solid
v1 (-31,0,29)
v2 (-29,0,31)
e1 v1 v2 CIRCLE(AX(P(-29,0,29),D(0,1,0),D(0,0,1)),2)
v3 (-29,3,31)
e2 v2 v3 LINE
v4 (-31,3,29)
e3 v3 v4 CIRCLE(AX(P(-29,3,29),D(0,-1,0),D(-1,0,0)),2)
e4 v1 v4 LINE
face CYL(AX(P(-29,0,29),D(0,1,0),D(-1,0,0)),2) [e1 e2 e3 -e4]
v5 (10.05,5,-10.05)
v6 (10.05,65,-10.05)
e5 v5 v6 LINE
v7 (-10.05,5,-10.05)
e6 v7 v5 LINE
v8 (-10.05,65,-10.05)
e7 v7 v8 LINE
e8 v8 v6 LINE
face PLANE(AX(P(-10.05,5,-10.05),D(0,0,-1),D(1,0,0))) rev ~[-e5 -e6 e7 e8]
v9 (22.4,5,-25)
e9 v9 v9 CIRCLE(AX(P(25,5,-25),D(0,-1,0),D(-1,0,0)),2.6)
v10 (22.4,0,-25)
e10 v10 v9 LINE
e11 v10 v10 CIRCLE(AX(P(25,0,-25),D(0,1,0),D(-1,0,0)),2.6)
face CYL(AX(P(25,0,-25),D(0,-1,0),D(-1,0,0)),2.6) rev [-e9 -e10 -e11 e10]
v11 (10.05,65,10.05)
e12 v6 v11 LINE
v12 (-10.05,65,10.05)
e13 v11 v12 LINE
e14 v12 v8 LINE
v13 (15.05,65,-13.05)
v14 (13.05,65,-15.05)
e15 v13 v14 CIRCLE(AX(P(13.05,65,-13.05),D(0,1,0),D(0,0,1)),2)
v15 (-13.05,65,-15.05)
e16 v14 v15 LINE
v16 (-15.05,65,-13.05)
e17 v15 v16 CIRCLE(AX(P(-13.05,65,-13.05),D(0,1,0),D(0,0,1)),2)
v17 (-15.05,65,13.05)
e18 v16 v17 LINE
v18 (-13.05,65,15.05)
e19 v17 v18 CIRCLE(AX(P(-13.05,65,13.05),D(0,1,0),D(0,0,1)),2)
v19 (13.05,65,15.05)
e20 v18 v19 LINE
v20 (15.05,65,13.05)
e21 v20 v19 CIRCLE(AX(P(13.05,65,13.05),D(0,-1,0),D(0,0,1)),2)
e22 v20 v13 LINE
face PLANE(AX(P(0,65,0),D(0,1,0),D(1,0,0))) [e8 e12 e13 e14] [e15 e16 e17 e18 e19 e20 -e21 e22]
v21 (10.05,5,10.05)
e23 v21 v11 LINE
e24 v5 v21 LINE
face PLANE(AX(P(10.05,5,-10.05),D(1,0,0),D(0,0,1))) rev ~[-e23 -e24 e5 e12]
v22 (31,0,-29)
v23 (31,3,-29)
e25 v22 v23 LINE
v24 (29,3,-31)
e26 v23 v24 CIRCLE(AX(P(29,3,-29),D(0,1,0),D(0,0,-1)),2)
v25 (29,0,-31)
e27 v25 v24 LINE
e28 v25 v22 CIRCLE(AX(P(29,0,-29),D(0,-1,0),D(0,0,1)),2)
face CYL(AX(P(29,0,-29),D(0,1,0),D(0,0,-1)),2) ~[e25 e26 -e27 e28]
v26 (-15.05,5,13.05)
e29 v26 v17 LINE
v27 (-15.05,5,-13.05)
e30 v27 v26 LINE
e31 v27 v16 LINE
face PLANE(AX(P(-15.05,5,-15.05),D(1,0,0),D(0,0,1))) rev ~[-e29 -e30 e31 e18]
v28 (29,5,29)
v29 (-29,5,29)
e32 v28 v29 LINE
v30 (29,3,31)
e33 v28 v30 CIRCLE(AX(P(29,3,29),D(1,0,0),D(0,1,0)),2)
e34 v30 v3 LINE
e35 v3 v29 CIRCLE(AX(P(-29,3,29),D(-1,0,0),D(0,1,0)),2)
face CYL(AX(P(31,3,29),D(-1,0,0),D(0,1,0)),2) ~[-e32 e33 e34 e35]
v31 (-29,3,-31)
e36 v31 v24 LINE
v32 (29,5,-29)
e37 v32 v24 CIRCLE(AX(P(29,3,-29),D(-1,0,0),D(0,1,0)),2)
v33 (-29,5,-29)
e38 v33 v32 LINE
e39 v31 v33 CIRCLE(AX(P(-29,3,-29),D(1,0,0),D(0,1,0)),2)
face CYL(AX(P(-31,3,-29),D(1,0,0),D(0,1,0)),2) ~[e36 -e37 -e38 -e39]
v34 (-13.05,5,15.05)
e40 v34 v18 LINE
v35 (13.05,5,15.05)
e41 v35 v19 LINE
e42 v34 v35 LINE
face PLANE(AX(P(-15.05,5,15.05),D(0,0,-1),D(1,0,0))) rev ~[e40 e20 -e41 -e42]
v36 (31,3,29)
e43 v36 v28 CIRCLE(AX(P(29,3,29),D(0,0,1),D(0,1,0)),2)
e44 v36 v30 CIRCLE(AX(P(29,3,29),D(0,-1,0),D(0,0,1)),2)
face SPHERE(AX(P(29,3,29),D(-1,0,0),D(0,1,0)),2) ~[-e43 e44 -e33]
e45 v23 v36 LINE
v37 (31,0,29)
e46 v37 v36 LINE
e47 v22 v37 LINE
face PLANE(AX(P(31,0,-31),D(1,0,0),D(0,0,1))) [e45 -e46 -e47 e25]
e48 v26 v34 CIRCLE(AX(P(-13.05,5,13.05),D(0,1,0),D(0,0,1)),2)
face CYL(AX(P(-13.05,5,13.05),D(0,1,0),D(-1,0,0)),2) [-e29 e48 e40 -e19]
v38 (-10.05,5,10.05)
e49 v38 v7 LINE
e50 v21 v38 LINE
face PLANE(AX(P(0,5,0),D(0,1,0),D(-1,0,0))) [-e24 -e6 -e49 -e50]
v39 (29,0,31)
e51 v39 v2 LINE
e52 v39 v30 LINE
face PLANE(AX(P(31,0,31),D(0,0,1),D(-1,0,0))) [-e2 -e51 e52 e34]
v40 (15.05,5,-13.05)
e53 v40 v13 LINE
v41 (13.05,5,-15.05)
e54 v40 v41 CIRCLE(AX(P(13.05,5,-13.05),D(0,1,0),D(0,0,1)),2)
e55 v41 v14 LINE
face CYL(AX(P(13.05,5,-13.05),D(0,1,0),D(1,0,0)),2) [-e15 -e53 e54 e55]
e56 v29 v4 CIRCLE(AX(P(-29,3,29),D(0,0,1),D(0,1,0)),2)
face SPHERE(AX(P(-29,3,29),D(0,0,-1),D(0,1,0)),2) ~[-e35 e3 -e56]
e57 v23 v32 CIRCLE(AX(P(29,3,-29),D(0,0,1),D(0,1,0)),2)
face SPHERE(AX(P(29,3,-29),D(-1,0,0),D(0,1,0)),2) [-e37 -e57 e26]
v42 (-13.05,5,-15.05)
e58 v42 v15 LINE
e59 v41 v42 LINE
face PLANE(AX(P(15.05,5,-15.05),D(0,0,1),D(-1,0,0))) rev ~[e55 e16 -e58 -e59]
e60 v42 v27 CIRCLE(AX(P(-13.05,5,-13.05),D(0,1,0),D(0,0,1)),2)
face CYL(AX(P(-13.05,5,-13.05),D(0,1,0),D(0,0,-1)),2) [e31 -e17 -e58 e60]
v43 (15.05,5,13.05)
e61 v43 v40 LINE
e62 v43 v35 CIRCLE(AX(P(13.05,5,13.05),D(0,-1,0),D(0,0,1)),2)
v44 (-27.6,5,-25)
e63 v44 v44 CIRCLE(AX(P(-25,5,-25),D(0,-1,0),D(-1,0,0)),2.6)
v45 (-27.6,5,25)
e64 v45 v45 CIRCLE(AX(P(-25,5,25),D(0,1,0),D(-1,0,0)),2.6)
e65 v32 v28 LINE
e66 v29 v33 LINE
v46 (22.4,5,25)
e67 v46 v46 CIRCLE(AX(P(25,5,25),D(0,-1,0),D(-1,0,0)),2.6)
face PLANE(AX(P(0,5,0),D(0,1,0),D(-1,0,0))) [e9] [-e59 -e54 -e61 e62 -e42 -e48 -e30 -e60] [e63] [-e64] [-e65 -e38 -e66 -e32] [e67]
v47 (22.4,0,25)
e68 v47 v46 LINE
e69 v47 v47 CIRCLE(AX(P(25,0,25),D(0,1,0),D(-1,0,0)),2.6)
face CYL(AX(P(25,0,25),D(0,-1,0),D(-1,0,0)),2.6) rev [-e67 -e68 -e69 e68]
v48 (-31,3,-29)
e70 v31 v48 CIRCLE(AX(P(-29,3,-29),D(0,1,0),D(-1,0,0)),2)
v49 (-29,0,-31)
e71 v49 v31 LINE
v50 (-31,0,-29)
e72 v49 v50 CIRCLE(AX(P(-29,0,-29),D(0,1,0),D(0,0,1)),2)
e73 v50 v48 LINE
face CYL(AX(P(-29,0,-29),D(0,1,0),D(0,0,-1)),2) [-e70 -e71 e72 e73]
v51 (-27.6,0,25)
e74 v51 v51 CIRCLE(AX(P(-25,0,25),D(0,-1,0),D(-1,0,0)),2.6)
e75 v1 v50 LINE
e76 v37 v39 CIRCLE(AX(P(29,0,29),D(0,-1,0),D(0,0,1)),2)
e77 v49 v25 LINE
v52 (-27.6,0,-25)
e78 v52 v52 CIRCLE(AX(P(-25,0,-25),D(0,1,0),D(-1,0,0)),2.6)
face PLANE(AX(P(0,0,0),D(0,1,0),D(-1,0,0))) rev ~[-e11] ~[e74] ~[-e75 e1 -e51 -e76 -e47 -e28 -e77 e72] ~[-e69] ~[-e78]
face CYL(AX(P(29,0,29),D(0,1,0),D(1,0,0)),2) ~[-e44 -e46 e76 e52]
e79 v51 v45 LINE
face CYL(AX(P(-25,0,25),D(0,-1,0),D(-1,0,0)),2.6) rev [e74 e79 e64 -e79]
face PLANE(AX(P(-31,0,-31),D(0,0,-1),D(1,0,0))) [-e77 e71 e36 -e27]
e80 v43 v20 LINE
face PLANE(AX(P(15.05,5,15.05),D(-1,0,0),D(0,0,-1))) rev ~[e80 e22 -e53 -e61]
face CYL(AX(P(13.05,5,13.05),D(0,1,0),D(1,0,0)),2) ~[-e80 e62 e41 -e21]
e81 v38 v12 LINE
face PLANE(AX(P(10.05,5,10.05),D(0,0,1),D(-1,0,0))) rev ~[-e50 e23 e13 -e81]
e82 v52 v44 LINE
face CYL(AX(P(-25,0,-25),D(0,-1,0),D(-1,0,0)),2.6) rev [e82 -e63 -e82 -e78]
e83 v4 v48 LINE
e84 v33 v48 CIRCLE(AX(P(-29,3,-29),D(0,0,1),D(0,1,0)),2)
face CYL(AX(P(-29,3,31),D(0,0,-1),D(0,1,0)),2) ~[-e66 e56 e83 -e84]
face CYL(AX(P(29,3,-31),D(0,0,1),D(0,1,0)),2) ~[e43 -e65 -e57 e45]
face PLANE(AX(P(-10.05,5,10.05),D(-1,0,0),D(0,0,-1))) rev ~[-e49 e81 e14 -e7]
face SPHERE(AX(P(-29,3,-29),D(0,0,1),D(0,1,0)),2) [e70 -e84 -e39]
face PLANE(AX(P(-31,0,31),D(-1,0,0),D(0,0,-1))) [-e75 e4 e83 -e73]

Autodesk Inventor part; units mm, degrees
ref_plane "YZ Plane" through (0, 0, 0) normal (1, 0, 0) x (0, 1, 0)
ref_plane "XZ Plane" through (0, 0, 0) normal (0, 1, 0) x (-1, 0, 0)
ref_plane "XY Plane" through (0, 0, 0) normal (0, 0, 1) x (1, 0, 0)
sketch "스케치2" plane through (0, 0, 0) normal (0, 1, 0) x (-1, 0, 0)
  line L0 (25, 25) -> (-25, 25)
  line L1 (-25, 25) -> (-25, -25)
  line L2 (-25, -25) -> (25, -25)
  line L3 (25, -25) -> (25, 25)
  line L4 (25, 25) -> (-25, -25) construction
  line L5 (-25, 25) -> (25, -25) construction
  circle A0 centre (25, -25) radius 2.6
  circle A1 centre (-25, -25) radius 2.6
  circle A2 centre (25, 25) radius 2.6
  circle A3 centre (-25, 25) radius 2.6
  line L6 (31, -31) -> (-31, -31)
  line L7 (-31, -31) -> (-31, 31)
  line L8 (-31, 31) -> (31, 31)
  line L9 (31, 31) -> (31, -31)
  line L10 (10.05, 10.05) -> (-10.05, 10.05)
  line L11 (-10.05, 10.05) -> (-10.05, -10.05)
  line L12 (-10.05, -10.05) -> (10.05, -10.05)
  line L13 (10.05, -10.05) -> (10.05, 10.05)
  line L14 (10.05, 10.05) -> (-10.05, -10.05) construction
  line L15 (-10.05, 10.05) -> (10.05, -10.05) construction
  line L16 (-15.05, -15.05) -> (-15.05, 15.05)
  line L17 (-15.05, 15.05) -> (15.05, 15.05)
  line L18 (15.05, 15.05) -> (15.05, -15.05)
  line L19 (15.05, -15.05) -> (-15.05, -15.05)
  point P0 (0, 0)
  dimension "d16" = 50
  dimension "d17" = 50
  dimension "d18" = 5.2
  dimension "d21" = 50
  dimension "d24" = 50
  dimension "d27" = 6
  dimension "d28" = 20.1
  dimension "d29" = 20.1
  dimension "d30" = 5
extrude "돌출2" add sketch "스케치2" along normal blind 5 contours L0 A2 L3 A0 L2 A1 L1 A3 | L6 L7 L8 L9 | L13 L12 L11 L10 | L16 L17 L18 L19
sketch "스케치3" plane through (0, 5, 0) normal (0, 1, 0) x (1, 0, 0)
  line L0 (-10.05, 10.05) -> (10.05, 10.05)
  line L1 (10.05, 10.05) -> (10.05, -10.05)
  line L2 (10.05, -10.05) -> (-10.05, -10.05)
  line L3 (-10.05, -10.05) -> (-10.05, 10.05)
  line L4 (-10.05, 10.05) -> (10.05, -10.05) construction
  line L5 (10.05, 10.05) -> (-10.05, -10.05) construction
  line L6 (15.05, 15.05) -> (-15.05, 15.05)
  line L7 (-15.05, 15.05) -> (-15.05, -15.05)
  line L8 (-15.05, -15.05) -> (15.05, -15.05)
  line L9 (15.05, -15.05) -> (15.05, 15.05)
  point P0 (0, 0)
  dimension "d33" = 20.1
  dimension "d34" = 20.1
  dimension "d35" = 5
extrude "돌출3" add sketch "스케치3" along normal blind 60
fillet "모깎기1" radius 2 12 edges at (-31, 5, 0) (0, 5, -31) (0, 5, 31) (31, 5, 0) (-31, 2.5, -31) (-31, 2.5, 31) (31, 2.5, 31) (31, 2.5, -31) (-15.05, 35, 15.05) (15.05, 35, 15.05) (15.05, 35, -15.05) (-15.05, 35, -15.05)
properties part number "Profile_Holder"
